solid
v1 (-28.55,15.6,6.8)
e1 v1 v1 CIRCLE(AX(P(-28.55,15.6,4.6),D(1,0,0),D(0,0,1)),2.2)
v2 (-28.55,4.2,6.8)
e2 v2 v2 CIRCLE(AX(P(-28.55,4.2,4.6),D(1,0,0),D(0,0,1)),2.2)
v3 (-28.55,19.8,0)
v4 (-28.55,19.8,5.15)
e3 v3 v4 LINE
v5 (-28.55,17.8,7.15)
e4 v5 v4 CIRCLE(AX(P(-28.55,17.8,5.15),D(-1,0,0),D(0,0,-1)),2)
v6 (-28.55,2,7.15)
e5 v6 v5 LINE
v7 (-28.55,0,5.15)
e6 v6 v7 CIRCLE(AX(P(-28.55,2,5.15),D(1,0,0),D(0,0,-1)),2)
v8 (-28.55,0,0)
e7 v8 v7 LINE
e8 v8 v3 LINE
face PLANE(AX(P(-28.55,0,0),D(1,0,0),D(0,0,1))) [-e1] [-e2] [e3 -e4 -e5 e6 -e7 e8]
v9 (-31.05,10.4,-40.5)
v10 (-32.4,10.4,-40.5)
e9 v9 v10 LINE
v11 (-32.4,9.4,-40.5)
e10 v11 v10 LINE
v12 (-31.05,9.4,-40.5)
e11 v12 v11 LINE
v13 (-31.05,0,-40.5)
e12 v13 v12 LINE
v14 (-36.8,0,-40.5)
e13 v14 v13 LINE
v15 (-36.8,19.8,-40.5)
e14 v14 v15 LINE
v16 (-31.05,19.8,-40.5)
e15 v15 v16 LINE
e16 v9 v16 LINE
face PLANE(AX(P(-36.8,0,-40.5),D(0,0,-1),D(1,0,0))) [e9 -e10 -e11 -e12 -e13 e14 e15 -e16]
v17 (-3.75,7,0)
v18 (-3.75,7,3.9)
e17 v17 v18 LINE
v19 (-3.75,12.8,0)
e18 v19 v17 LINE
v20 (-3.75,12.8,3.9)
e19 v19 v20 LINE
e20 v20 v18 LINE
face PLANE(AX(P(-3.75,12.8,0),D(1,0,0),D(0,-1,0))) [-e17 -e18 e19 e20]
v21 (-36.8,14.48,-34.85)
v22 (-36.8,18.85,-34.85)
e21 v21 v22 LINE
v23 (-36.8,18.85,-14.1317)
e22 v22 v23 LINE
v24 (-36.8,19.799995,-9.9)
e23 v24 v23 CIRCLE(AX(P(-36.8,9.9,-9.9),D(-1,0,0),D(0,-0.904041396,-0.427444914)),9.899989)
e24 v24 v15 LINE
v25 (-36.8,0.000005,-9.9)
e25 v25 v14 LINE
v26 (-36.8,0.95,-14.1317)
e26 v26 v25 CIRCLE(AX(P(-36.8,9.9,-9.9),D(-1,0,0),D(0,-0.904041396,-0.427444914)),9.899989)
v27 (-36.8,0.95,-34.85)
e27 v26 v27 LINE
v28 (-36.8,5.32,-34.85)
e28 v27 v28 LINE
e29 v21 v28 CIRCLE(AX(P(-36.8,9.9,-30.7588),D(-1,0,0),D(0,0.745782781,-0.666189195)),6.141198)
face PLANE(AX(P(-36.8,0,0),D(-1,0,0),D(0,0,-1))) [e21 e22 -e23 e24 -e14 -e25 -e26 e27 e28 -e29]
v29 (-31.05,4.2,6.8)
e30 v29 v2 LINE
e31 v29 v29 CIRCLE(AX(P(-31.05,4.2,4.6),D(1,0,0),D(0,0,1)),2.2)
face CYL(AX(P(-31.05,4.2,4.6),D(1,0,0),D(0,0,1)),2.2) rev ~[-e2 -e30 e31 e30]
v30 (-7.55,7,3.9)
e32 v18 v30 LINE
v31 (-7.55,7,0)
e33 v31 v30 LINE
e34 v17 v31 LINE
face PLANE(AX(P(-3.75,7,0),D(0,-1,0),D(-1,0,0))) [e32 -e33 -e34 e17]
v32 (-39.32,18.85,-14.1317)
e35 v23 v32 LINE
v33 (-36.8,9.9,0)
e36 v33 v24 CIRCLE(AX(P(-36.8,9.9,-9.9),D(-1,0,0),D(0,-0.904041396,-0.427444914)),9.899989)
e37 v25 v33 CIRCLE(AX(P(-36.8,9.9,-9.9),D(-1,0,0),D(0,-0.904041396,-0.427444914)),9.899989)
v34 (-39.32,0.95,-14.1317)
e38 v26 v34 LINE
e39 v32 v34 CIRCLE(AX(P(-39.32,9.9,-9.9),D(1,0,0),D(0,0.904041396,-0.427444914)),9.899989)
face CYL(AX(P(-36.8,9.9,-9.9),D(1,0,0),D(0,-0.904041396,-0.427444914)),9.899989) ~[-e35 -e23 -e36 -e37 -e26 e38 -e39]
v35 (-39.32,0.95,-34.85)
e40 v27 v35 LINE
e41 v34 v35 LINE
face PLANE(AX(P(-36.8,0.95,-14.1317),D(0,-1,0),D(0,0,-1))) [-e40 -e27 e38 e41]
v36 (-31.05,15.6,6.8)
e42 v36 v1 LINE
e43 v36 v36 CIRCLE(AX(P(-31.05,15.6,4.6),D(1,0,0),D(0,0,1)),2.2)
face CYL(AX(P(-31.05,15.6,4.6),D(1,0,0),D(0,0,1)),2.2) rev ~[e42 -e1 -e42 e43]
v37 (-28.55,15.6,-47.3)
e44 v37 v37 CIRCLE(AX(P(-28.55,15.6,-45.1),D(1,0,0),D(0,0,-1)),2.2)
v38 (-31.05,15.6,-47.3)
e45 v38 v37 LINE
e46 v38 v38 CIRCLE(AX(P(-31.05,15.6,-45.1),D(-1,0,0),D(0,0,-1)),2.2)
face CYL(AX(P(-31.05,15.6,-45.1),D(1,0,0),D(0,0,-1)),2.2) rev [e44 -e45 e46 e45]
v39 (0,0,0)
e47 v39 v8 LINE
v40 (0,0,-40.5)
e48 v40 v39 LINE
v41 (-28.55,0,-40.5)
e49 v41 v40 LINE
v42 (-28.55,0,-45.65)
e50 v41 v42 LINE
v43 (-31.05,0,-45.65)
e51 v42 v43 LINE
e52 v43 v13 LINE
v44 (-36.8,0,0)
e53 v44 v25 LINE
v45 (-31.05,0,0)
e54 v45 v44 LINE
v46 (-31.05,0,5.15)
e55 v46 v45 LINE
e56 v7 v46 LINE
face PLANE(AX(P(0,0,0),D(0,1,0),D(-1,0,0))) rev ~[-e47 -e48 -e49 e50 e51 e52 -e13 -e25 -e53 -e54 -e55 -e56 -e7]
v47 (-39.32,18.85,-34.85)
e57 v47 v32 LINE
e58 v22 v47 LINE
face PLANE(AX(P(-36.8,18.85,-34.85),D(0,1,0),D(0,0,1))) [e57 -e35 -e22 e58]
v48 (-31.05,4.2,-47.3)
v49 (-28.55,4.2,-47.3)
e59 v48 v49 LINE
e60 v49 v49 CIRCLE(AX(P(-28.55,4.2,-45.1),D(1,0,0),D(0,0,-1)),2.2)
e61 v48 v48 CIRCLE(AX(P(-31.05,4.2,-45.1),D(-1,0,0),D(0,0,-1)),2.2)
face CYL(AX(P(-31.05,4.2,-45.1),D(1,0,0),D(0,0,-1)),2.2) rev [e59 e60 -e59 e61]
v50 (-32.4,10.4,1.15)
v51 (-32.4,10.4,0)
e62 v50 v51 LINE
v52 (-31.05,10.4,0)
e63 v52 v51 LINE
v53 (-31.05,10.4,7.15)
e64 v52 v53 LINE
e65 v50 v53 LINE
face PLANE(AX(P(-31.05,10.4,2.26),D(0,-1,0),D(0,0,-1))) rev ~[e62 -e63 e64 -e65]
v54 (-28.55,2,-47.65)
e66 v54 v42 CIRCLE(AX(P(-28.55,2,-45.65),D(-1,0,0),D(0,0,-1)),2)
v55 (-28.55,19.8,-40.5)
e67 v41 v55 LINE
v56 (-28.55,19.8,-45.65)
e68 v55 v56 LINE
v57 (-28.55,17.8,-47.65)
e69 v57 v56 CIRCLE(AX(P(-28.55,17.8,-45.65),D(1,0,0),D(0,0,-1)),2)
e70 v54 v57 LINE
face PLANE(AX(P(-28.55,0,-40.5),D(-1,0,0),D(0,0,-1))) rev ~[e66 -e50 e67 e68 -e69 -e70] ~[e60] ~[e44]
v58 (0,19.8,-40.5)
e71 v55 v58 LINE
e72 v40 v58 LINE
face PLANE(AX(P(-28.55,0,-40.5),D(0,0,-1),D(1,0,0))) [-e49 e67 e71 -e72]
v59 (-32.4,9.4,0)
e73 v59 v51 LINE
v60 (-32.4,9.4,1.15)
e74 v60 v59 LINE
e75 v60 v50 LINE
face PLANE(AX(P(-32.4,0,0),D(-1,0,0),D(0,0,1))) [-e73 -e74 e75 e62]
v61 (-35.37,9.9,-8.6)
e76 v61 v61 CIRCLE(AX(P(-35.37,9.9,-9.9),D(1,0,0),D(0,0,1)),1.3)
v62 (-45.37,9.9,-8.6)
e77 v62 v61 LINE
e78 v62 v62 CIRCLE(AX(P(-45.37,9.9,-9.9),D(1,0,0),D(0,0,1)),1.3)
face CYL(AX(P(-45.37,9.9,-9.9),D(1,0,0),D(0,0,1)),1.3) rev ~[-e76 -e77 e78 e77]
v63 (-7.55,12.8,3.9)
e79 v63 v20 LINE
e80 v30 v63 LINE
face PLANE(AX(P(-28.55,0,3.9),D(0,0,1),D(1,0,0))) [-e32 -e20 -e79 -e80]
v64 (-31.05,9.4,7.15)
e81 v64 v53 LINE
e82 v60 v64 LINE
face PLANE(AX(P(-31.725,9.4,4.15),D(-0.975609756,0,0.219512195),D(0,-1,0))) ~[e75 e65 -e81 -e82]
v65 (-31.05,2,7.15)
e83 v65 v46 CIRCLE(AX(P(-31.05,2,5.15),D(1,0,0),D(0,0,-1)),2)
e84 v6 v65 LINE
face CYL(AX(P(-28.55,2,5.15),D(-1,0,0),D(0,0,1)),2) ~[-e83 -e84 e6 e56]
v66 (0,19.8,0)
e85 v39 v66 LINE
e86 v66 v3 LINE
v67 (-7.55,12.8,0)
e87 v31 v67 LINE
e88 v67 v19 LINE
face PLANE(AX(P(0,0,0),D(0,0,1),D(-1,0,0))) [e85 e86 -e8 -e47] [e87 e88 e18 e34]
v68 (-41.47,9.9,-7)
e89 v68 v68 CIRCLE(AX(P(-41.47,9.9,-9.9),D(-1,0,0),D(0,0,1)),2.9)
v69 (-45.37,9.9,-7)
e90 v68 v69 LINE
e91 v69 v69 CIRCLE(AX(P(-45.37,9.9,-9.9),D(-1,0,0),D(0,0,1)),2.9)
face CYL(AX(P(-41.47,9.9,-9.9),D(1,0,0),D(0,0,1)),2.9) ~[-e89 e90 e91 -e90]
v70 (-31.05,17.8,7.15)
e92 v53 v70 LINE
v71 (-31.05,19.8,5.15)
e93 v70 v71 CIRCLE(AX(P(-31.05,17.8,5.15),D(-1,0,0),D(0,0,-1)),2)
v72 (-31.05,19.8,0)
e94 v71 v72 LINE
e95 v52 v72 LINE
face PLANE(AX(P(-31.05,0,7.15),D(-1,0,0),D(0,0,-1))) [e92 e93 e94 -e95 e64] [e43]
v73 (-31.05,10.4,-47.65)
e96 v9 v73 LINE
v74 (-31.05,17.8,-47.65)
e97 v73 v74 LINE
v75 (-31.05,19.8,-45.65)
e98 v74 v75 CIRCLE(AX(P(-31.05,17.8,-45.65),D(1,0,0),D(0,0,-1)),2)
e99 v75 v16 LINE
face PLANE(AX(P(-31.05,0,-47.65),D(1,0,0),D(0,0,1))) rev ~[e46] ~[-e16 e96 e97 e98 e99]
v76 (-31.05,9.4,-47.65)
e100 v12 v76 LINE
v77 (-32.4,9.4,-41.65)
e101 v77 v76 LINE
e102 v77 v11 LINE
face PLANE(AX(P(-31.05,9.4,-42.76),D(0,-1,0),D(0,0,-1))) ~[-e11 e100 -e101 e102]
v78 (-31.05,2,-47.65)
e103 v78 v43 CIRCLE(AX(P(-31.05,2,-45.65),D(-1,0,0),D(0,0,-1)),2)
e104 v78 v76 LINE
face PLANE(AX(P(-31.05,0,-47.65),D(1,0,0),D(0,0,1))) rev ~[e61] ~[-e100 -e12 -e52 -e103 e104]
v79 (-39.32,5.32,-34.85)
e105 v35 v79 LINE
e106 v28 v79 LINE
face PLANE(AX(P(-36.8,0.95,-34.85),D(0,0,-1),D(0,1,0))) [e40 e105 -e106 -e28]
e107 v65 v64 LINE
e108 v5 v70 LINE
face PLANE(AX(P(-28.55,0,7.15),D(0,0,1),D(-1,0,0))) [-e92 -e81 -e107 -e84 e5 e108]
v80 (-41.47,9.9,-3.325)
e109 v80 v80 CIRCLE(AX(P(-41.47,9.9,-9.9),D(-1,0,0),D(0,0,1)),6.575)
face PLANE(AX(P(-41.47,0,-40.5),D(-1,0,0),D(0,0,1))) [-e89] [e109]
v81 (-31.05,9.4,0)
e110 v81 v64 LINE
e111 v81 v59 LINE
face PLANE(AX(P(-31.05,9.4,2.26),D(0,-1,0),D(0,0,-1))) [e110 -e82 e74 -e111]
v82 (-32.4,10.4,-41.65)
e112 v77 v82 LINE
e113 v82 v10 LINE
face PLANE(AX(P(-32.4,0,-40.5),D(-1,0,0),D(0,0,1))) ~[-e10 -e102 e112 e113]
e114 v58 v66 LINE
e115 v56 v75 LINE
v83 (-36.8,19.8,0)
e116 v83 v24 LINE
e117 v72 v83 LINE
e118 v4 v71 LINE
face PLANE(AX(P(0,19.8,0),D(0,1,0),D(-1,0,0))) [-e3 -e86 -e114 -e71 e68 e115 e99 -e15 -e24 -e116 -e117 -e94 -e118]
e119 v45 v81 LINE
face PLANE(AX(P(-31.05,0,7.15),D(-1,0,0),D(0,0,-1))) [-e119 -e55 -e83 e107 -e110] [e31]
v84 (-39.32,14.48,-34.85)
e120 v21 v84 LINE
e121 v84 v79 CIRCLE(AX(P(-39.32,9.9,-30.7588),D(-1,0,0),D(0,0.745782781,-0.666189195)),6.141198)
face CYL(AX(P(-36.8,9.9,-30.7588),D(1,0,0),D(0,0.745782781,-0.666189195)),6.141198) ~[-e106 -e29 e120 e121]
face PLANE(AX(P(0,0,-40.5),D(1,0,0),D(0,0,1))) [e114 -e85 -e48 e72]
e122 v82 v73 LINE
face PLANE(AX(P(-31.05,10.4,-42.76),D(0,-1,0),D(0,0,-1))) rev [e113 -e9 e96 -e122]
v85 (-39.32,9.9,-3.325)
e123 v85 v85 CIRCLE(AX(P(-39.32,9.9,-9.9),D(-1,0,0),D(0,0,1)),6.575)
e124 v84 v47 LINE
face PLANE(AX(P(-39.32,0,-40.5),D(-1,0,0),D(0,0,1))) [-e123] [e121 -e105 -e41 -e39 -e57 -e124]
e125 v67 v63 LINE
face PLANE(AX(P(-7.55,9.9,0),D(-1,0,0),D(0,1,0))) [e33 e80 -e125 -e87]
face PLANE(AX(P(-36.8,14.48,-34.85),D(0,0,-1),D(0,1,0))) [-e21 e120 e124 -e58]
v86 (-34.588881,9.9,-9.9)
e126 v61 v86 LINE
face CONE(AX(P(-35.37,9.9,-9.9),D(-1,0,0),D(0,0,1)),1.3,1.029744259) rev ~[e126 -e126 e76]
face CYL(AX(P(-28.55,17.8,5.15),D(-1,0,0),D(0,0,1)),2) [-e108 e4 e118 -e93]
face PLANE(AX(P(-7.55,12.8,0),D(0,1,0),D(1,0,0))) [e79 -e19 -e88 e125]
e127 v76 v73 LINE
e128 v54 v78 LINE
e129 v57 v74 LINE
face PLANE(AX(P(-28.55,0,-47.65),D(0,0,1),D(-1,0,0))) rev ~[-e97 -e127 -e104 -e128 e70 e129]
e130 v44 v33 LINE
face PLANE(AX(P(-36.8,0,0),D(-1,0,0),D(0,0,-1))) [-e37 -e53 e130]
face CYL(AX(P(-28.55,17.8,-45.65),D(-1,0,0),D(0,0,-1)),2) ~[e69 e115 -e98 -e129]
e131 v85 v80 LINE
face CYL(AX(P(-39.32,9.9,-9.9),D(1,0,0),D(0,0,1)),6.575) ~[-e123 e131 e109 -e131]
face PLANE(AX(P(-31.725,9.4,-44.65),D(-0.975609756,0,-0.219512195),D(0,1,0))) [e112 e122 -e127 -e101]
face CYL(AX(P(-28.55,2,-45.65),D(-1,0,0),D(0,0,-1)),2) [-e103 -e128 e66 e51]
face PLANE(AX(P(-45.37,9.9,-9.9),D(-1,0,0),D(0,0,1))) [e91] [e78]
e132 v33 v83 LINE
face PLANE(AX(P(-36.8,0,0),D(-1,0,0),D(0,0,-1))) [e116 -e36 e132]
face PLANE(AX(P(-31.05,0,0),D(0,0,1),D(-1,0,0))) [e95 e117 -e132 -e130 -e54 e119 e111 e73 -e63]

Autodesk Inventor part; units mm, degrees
ref_plane "YZ Plane" through (0, 0, 0) normal (1, 0, 0) x (0, 1, 0)
ref_plane "XZ Plane" through (0, 0, 0) normal (0, 1, 0) x (-1, 0, 0)
sketch "Boceto1" plane through (0, 0, 0) normal (0, 1, 0) x (-1, 0, 0)
  line L0 (0, 0) -> (36.8, 0)
  line L1 (36.8, 0) -> (36.8, -40.5)
  line L2 (36.8, -40.5) -> (0, -40.5)
  line L3 (0, -40.5) -> (0, 0)
  line L4 (0, -40.5) -> (28.55, -40.5)
  line L5 (28.55, -40.5) -> (28.55, -47.65)
  line L6 (28.55, -47.65) -> (31.05, -47.65)
  line L7 (31.05, -47.65) -> (31.05, -40.5)
  line L8 (28.55, 0) -> (28.55, 7.15)
  line L9 (28.55, 7.15) -> (31.05, 7.15)
  line L10 (31.05, 7.15) -> (31.05, 0)
  dimension "d0" = 36.8
  dimension "d1" = 40.5
  dimension "d2" = 28.55
  dimension "d3" = 7.15
  dimension "d4" = 2.5
  dimension "d5" = 7.15
  dimension "d6" = 2.5
extrude "Extrusión1" add sketch "Boceto1" along normal blind 19.8
sketch "Boceto2" plane through (-36.8, 0, -40.5) normal (-1, 0, 0) x (0, 0, 1)
  line L0 (0, 0) -> (40.5, 0) projected
  line L1 (40.5, 0) -> (40.5, 19.8) projected
  line L2 (0, 19.8) -> (40.5, 19.8) projected
  line L3 (0, 0) -> (0, 19.8) projected
  line L4 (0, 0) -> (5.65, 0)
  line L5 (40.5, 18.85) -> (40.5, 0.95)
  line L6 (26.3683, 0.95) -> (5.65, 0.95)
  line L7 (40.5, 0) -> (40.5, 19.8) projected
  line L8 (40.5, 9.9) -> (30.6, 9.9)
  arc A0 (26.3683, 0.95) -> (26.3683, 18.85) centre (30.6, 9.9) ccw
  arc A1 (5.65, 14.48) -> (5.65, 5.32) centre (9.7412, 9.9) ccw
  line L9 (5.65, 18.85) -> (26.3683, 18.85)
  line L10 (5.65, 0.95) -> (5.65, 5.32)
  line L11 (5.65, 14.48) -> (5.65, 18.85)
  line L12 (5.65, 0.95) -> (5.65, 5.32)
  line L13 (5.65, 14.48) -> (5.65, 18.85)
  point P0 (5.65, 0.95)
  dimension "d11" = 17.9
  dimension "d12" = 9.9
extrude "Extrusión2" add sketch "Boceto2" along normal blind 2.52 contours A0 L6 L10 A1 L11 L9
sketch "Boceto3" plane through (-39.32, 0, -40.5) normal (-1, 0, 0) x (0, 0, 1)
  arc A0 (26.3683, 0.95) -> (26.3683, 18.85) centre (30.6, 9.9) ccw projected
  line L0 (26.3683, 18.85) -> (5.65, 18.85) projected
  line L1 (5.65, 18.85) -> (5.65, 14.48) projected
  arc A1 (5.65, 14.48) -> (5.65, 5.32) centre (9.7412, 9.9) ccw projected
  line L2 (5.65, 5.32) -> (5.65, 0.95) projected
  line L3 (5.65, 0.95) -> (26.3683, 0.95) projected
  circle A2 centre (30.6, 9.9) radius 6.575
  point P0 (40.5, 0)
  dimension "d18" = 13.15
extrude "Extrusión3" add sketch "Boceto3" along normal blind 2.15 contours A2
sketch "Boceto4" plane through (-41.47, 9.9, -9.9) normal (-1, 0, 0) x (0, 0, 1)
  circle A0 centre (0, 0) radius 6.575 projected
  circle A1 centre (0, 0) radius 2.9
  point P0 (9.9, -9.9)
  dimension "d21" = 5.8
extrude "Extrusión4" add sketch "Boceto4" along normal blind 3.9 contours A1
sketch "Boceto5" plane through (-45.37, 9.9, -9.9) normal (-1, 0, 0) x (0, 0, 1)
  circle A0 centre (0, 0) radius 2.9 projected
  point P0 (9.9, -9.9)
hole "Agujero1" at (-45.37, 9.9, -9.9) direction (1, 0, 0) diameter 2.6 depth 10 tip angle 118
sketch "Boceto6" plane through (-28.55, 0, 0) normal (0, 0, 1) x (1, 0, 0)
  line L0 (0, 0) -> (28.55, 0) projected
  line L1 (28.55, 0) -> (28.55, 19.8) projected
  line L2 (0, 19.8) -> (28.55, 19.8) projected
  line L3 (0, 0) -> (0, 19.8) projected
  line L4 (21, 9.9) -> (21, 12.8)
  line L5 (21, 12.8) -> (24.8, 12.8)
  line L6 (24.8, 12.8) -> (24.8, 7)
  line L7 (24.8, 7) -> (21, 7)
  line L8 (21, 7) -> (21, 12.8)
  line L9 (24.8, 12.8) -> (28.55, 12.8)
  dimension "d34" = 2.9
  dimension "d35" = 5.8
extrude "Extrusión5" add sketch "Boceto6" along normal blind 3.9 contours L6 L7 L8 L4 L5
sketch "Boceto7" plane through (-31.05, 0, 0) normal (-1, 0, 0) x (0, 0, 1)
  line L0 (0, 0) -> (7.15, 0) projected
  line L1 (7.15, 0) -> (7.15, 19.8) projected
  line L2 (0, 19.8) -> (7.15, 19.8) projected
  line L3 (0, 0) -> (0, 19.8) projected
  line L4 (0, 0) -> (2.26, 0)
  line L5 (2.26, 0) -> (2.26, 19.8)
  line L6 (7.15, 9.9) -> (0, 9.9)
  line L7 (7.15, 10.4) -> (0, 10.4)
  line L8 (7.15, 9.4) -> (0, 9.4)
  point P0 (0, 0)
  point P1 (0, 10.4)
  point P2 (0, 9.4)
  dimension "d38" = 2.26
  dimension "d39" = 0.5
  dimension "d40" = 0.5
extrude "Extrusión6" add sketch "Boceto7" along normal blind 1.35 contours L3 L6 L5 L8 | L5 L6 L1 L8 | L3 L7 L5 L6 | L5 L7 L1 L6
chamfer "Chaflán1" distance 6 distance2 1.35 1 edges at (-32.4, 9.9, 7.15) measured on face at (-32.4, 9.7333, 4.7667)
fillet "Empalme1" radius 2 2 edges at (-29.8, 0, 7.15) (-29.8, 19.8, 7.15)
sketch "Boceto8" plane through (-31.05, 0, 0) normal (-1, 0, 0) x (0, 0, 1)
  arc A0 (5.15, 0) -> (7.15, 2) centre (5.15, 2) ccw projected
  line L0 (7.15, 2) -> (7.15, 9.4) projected
  line L1 (7.15, 9.4) -> (0, 9.4) projected
  line L2 (0, 0) -> (0, 9.4) projected
  line L3 (0, 0) -> (5.15, 0) projected
  line L4 (3.575, 0) -> (3.575, 2)
  line L5 (3.575, 2) -> (3.575, 6.4)
  line L6 (0, 0) -> (2.4, 0)
  line L7 (2.4, 0) -> (2.4, 4.2)
  line L8 (2.4, 4.2) -> (4.6, 4.2)
  circle A1 centre (4.6, 4.2) radius 2.2
  arc A2 (7.15, 17.8) -> (5.15, 19.8) centre (5.15, 17.8) ccw projected
  line L9 (0, 19.8) -> (5.15, 19.8) projected
  line L10 (0, 10.4) -> (0, 19.8) projected
  line L11 (0, 10.4) -> (7.15, 10.4) projected
  line L12 (7.15, 10.4) -> (7.15, 17.8) projected
  line L13 (4.6, 4.2) -> (4.6, 19.8)
  line L14 (4.6, 19.8) -> (4.6, 15.6)
  circle A3 centre (4.6, 15.6) radius 2.2
  point P0 (0, 0)
  dimension "d47" = 2
  dimension "d48" = 4.4
  dimension "d49" = 2.4
  dimension "d50" = 2.2
  dimension "d58" = 4.2
  dimension "d59" = 4.4
hole "Agujero2" at (-31.05, 4.2, 4.6) at (-31.05, 15.6, 4.6) direction (1, 0, 0) diameter 4.4 depth 10 tip angle 118
ref_plane "Plano de trabajo1" through (-28.55, 0, -20.25) normal (0, 0, 1) x (1, 0, 0)
mirror "Simetría1" about plane through (-28.55, 0, -20.25) normal (0, 0, 1) of "Extrusión6", "Agujero2"
chamfer "Chaflán2" distance 6 distance2 1.35 1 edges at (-32.4, 9.9, -47.65) measured on face at (-32.4, 9.7333, -45.2667)
fillet "Empalme2" radius 2 2 edges at (-29.8, 0, -47.65) (-29.8, 19.8, -47.65)
ref_plane "Plano de trabajo2" through (0, 9.9, 0) normal (0, -1, 0) x (1, 0, 0)
properties part number "ServoMotor"
